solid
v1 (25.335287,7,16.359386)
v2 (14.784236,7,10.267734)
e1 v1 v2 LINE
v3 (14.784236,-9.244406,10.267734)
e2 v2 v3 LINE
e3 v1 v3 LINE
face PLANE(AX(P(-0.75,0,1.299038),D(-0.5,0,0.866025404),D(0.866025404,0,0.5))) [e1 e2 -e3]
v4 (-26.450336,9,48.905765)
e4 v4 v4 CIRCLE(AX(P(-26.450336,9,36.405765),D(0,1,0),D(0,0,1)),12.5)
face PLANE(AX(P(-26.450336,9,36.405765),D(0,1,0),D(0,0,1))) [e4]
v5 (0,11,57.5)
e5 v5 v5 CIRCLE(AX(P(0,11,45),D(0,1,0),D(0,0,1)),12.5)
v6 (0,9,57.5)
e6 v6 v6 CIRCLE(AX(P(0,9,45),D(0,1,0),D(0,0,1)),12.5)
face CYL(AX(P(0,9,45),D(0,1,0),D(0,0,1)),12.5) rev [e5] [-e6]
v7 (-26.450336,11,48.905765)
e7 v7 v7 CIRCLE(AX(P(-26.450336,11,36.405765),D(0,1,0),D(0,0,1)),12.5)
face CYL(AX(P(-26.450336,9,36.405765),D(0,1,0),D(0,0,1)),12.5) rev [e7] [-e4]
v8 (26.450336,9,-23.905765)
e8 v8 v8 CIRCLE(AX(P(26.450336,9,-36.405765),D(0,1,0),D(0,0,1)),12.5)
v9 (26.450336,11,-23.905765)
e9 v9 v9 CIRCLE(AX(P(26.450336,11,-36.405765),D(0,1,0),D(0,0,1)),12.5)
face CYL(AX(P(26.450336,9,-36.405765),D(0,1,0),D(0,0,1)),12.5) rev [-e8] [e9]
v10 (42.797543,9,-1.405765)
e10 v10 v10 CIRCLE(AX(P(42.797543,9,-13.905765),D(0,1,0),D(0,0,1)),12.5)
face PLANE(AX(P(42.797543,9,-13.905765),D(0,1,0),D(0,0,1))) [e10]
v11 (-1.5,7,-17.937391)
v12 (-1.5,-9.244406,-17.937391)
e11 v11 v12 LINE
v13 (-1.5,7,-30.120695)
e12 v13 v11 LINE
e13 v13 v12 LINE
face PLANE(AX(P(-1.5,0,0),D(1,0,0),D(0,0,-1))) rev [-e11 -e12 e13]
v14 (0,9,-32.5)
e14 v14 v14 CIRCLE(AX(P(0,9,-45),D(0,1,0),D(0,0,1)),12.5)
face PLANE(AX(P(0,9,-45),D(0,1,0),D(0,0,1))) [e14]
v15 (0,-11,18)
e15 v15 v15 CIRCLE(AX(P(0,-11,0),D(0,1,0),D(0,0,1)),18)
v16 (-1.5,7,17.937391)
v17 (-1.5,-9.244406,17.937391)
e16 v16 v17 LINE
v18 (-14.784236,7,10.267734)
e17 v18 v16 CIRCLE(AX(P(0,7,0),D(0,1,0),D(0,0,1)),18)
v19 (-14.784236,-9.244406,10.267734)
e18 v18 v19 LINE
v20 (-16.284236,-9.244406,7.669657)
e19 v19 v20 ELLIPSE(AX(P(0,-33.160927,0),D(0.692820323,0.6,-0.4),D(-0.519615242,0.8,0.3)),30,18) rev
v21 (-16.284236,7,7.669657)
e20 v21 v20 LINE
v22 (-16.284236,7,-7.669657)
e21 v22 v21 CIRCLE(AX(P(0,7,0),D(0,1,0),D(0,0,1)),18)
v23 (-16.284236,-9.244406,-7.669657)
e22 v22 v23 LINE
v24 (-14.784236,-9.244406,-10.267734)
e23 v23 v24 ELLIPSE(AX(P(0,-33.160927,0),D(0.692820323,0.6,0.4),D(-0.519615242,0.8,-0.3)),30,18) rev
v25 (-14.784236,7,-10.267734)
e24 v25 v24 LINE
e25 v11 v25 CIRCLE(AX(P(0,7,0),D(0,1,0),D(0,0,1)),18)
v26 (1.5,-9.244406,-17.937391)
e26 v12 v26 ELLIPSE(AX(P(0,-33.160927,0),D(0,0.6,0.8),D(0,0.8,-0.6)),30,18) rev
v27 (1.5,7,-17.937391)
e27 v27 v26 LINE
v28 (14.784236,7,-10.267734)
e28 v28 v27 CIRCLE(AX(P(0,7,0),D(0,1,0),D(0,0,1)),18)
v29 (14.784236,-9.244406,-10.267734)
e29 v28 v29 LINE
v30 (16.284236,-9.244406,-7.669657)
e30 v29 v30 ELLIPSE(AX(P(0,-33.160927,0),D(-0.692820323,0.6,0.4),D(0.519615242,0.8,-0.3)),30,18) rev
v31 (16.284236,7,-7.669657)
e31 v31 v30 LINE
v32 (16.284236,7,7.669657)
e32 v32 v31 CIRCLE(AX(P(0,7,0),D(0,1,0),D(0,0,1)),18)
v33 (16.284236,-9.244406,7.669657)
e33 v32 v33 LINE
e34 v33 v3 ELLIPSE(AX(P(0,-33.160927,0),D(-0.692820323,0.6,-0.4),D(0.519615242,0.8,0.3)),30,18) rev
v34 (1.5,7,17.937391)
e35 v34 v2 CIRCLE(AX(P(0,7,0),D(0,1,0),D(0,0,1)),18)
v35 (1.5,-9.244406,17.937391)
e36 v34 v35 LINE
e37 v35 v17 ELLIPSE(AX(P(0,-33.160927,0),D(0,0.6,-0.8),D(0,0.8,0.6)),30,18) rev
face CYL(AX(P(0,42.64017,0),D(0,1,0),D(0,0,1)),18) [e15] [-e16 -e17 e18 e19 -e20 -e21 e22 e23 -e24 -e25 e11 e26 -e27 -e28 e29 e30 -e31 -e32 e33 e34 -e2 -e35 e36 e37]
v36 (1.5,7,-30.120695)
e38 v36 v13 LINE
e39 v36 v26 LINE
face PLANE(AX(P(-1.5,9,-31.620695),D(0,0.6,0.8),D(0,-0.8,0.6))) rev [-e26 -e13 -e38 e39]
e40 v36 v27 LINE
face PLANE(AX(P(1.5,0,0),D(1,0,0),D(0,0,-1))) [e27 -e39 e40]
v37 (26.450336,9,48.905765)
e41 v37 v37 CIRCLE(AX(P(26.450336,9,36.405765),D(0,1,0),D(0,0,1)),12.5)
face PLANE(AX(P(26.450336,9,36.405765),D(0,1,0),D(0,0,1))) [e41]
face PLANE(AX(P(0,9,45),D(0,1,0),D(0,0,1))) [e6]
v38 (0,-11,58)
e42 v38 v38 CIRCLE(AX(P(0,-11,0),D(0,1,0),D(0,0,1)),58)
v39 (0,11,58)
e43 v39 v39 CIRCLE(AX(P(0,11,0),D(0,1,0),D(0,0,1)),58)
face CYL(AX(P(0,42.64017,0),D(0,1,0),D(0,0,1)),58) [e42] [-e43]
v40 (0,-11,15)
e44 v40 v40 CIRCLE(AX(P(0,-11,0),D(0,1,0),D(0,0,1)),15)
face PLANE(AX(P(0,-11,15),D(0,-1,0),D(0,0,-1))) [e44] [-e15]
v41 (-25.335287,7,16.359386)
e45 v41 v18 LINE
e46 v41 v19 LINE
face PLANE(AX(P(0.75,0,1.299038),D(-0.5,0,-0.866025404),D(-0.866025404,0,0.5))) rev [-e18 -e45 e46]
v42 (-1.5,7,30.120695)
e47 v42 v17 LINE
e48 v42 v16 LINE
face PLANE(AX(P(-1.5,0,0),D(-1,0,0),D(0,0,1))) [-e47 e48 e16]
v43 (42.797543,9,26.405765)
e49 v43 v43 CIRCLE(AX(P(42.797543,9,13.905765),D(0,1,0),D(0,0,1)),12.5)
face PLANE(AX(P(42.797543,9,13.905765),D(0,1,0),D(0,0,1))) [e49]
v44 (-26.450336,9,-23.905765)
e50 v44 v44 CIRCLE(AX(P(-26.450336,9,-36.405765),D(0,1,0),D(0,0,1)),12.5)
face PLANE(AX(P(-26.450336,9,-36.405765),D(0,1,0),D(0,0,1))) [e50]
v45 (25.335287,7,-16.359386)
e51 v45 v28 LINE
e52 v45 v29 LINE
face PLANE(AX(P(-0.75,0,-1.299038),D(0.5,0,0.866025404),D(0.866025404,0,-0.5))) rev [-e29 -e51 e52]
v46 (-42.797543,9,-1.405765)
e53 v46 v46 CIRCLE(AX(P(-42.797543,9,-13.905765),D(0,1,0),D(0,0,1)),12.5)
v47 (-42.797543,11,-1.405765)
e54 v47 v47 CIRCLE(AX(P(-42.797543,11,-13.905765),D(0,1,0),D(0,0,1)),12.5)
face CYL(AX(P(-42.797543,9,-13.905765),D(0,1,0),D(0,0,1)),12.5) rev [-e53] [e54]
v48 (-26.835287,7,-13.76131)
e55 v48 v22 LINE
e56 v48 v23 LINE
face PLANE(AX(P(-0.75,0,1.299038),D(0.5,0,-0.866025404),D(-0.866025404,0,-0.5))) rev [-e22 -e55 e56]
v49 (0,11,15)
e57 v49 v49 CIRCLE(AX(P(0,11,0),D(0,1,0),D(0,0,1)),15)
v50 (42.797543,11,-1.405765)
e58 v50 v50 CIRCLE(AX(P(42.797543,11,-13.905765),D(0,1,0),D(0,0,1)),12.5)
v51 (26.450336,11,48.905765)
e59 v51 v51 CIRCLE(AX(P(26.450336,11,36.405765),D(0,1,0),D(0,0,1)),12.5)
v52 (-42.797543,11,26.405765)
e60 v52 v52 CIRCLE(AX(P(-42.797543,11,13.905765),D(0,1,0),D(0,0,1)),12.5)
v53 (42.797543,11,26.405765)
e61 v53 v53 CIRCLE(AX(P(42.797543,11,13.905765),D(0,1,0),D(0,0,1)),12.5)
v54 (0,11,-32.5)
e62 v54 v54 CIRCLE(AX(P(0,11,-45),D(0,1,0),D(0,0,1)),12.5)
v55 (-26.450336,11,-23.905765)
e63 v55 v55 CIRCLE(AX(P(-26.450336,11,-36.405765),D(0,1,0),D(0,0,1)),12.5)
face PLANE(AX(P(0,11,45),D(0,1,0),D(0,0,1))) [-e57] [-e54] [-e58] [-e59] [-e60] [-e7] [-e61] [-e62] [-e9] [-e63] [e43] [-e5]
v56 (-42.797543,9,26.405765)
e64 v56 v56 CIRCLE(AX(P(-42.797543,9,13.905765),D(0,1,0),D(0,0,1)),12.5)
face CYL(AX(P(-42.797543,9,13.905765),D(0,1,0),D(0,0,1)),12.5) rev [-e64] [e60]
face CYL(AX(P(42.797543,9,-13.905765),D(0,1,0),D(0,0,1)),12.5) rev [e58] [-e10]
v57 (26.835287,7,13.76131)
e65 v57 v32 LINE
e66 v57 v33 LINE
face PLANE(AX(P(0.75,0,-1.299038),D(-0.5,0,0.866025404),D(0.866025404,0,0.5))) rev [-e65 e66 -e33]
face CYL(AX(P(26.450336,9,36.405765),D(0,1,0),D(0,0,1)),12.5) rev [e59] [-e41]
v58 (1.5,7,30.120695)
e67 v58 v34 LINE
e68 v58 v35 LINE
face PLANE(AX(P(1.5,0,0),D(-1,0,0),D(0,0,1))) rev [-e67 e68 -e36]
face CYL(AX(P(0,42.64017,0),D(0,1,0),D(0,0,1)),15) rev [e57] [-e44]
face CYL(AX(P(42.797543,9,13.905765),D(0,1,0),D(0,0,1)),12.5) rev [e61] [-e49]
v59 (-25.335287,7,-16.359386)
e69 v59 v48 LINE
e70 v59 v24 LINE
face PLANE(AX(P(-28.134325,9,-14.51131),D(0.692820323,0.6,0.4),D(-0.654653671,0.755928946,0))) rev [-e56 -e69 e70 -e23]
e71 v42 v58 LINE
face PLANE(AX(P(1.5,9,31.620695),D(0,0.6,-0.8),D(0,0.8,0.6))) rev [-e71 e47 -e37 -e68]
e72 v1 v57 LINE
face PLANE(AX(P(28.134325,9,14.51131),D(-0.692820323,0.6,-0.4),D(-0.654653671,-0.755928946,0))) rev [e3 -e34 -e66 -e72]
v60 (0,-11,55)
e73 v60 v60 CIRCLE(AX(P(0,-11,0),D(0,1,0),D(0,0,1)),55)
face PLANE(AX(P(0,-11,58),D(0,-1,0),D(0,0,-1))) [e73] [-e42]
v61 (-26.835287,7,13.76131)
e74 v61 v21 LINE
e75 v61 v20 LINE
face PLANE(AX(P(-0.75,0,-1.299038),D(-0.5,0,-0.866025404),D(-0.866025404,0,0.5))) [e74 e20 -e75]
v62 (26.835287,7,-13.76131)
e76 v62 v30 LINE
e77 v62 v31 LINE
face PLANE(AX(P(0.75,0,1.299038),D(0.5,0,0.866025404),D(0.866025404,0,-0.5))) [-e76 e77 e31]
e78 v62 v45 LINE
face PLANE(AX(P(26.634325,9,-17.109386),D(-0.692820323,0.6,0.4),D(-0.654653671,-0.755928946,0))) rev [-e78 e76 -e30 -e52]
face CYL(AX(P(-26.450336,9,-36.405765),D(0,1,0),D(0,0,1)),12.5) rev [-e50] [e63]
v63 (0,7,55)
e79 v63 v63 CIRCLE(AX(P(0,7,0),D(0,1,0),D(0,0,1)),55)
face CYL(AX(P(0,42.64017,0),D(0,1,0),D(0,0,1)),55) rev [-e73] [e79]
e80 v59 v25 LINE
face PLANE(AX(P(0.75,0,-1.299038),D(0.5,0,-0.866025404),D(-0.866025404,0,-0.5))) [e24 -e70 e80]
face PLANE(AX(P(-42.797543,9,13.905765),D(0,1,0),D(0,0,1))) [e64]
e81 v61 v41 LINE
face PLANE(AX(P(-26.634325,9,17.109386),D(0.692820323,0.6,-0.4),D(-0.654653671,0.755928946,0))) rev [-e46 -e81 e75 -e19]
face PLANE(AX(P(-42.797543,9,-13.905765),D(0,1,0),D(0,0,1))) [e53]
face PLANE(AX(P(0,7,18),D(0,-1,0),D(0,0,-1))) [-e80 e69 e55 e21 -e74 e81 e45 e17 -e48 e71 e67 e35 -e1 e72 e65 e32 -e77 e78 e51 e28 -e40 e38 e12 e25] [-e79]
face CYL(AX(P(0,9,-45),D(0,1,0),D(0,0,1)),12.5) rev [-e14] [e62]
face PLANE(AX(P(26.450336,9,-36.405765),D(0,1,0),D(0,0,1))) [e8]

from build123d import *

# Parameters (mm, degrees)
SKETCH2_R           = 12.5
CUT_EXTRUDE1_DEPTH  = 2
BOSS_EXTRUDE1_DEPTH = 1.5
CIRPATTERN1_COUNT   = 6


with BuildPart() as part:
    # Sketch1 → Revolve1 (revolve)
    with BuildSketch(Plane(origin=(0, 0, 0), x_dir=(0, 0, -1), z_dir=(1, 0, 0))):
        Polygon((-45, 11), (-15, 11), (-15, -11), (-18, -11), (-18, 7), (-45, 7), (-55, 7), (-55, -11), (-58, -11), (-58, 11), align=None)
    revolve(axis=Axis((0, 42.640170011, 0), (0, -1, 0)))

    # Sketch2 → Cut-Extrude1 (cut)
    with BuildSketch(Plane(origin=(0, 11, 0), x_dir=(1, 0, 0), z_dir=(0, 1, 0))):
        with Locations(Location((0, 45, 0), (0, 0, 270))):
            Circle(SKETCH2_R)
        with Locations(Location((26.450336353, 36.405764747, 0), (0, 0, 270))):
            Circle(SKETCH2_R)
        with Locations(Location((42.797543233, 13.905764747, 0), (0, 0, 270))):
            Circle(SKETCH2_R)
        with Locations(Location((42.797543233, -13.905764747, 0), (0, 0, 270))):
            Circle(SKETCH2_R)
        with Locations(Location((26.450336353, -36.405764747, 0), (0, 0, 270))):
            Circle(SKETCH2_R)
        with Locations(Location((0, -45, 0), (0, 0, 270))):
            Circle(SKETCH2_R)
        with Locations(Location((-26.450336353, -36.405764747, 0), (0, 0, 270))):
            Circle(SKETCH2_R)
        with Locations(Location((-42.797543233, -13.905764747, 0), (0, 0, 270))):
            Circle(SKETCH2_R)
        with Locations(Location((-42.797543233, 13.905764747, 0), (0, 0, 270))):
            Circle(SKETCH2_R)
        with Locations(Location((-26.450336353, 36.405764747, 0), (0, 0, 270))):
            Circle(SKETCH2_R)
    extrude(amount=-CUT_EXTRUDE1_DEPTH, mode=Mode.SUBTRACT)

    # Sketch3 → Boss-Extrude1 (add, symmetric)
    with BuildSketch(Plane(origin=(0, 0, 0), x_dir=(0, 0, -1), z_dir=(1, 0, 0))):
        Polygon((-16.62069533, -11), (-16.62069533, 9), (-31.62069533, 9), align=None)
    boss_extrude1 = extrude(amount=BOSS_EXTRUDE1_DEPTH, both=True)

    # CirPattern1: Boss-Extrude1 ×6 about axis
    cirpattern1_axis = Axis((0, 0, 0), (0, 1, 0))
    for i in range(1, CIRPATTERN1_COUNT):
        add(boss_extrude1.rotate(cirpattern1_axis, i * 360 / CIRPATTERN1_COUNT))


solid = part.part
